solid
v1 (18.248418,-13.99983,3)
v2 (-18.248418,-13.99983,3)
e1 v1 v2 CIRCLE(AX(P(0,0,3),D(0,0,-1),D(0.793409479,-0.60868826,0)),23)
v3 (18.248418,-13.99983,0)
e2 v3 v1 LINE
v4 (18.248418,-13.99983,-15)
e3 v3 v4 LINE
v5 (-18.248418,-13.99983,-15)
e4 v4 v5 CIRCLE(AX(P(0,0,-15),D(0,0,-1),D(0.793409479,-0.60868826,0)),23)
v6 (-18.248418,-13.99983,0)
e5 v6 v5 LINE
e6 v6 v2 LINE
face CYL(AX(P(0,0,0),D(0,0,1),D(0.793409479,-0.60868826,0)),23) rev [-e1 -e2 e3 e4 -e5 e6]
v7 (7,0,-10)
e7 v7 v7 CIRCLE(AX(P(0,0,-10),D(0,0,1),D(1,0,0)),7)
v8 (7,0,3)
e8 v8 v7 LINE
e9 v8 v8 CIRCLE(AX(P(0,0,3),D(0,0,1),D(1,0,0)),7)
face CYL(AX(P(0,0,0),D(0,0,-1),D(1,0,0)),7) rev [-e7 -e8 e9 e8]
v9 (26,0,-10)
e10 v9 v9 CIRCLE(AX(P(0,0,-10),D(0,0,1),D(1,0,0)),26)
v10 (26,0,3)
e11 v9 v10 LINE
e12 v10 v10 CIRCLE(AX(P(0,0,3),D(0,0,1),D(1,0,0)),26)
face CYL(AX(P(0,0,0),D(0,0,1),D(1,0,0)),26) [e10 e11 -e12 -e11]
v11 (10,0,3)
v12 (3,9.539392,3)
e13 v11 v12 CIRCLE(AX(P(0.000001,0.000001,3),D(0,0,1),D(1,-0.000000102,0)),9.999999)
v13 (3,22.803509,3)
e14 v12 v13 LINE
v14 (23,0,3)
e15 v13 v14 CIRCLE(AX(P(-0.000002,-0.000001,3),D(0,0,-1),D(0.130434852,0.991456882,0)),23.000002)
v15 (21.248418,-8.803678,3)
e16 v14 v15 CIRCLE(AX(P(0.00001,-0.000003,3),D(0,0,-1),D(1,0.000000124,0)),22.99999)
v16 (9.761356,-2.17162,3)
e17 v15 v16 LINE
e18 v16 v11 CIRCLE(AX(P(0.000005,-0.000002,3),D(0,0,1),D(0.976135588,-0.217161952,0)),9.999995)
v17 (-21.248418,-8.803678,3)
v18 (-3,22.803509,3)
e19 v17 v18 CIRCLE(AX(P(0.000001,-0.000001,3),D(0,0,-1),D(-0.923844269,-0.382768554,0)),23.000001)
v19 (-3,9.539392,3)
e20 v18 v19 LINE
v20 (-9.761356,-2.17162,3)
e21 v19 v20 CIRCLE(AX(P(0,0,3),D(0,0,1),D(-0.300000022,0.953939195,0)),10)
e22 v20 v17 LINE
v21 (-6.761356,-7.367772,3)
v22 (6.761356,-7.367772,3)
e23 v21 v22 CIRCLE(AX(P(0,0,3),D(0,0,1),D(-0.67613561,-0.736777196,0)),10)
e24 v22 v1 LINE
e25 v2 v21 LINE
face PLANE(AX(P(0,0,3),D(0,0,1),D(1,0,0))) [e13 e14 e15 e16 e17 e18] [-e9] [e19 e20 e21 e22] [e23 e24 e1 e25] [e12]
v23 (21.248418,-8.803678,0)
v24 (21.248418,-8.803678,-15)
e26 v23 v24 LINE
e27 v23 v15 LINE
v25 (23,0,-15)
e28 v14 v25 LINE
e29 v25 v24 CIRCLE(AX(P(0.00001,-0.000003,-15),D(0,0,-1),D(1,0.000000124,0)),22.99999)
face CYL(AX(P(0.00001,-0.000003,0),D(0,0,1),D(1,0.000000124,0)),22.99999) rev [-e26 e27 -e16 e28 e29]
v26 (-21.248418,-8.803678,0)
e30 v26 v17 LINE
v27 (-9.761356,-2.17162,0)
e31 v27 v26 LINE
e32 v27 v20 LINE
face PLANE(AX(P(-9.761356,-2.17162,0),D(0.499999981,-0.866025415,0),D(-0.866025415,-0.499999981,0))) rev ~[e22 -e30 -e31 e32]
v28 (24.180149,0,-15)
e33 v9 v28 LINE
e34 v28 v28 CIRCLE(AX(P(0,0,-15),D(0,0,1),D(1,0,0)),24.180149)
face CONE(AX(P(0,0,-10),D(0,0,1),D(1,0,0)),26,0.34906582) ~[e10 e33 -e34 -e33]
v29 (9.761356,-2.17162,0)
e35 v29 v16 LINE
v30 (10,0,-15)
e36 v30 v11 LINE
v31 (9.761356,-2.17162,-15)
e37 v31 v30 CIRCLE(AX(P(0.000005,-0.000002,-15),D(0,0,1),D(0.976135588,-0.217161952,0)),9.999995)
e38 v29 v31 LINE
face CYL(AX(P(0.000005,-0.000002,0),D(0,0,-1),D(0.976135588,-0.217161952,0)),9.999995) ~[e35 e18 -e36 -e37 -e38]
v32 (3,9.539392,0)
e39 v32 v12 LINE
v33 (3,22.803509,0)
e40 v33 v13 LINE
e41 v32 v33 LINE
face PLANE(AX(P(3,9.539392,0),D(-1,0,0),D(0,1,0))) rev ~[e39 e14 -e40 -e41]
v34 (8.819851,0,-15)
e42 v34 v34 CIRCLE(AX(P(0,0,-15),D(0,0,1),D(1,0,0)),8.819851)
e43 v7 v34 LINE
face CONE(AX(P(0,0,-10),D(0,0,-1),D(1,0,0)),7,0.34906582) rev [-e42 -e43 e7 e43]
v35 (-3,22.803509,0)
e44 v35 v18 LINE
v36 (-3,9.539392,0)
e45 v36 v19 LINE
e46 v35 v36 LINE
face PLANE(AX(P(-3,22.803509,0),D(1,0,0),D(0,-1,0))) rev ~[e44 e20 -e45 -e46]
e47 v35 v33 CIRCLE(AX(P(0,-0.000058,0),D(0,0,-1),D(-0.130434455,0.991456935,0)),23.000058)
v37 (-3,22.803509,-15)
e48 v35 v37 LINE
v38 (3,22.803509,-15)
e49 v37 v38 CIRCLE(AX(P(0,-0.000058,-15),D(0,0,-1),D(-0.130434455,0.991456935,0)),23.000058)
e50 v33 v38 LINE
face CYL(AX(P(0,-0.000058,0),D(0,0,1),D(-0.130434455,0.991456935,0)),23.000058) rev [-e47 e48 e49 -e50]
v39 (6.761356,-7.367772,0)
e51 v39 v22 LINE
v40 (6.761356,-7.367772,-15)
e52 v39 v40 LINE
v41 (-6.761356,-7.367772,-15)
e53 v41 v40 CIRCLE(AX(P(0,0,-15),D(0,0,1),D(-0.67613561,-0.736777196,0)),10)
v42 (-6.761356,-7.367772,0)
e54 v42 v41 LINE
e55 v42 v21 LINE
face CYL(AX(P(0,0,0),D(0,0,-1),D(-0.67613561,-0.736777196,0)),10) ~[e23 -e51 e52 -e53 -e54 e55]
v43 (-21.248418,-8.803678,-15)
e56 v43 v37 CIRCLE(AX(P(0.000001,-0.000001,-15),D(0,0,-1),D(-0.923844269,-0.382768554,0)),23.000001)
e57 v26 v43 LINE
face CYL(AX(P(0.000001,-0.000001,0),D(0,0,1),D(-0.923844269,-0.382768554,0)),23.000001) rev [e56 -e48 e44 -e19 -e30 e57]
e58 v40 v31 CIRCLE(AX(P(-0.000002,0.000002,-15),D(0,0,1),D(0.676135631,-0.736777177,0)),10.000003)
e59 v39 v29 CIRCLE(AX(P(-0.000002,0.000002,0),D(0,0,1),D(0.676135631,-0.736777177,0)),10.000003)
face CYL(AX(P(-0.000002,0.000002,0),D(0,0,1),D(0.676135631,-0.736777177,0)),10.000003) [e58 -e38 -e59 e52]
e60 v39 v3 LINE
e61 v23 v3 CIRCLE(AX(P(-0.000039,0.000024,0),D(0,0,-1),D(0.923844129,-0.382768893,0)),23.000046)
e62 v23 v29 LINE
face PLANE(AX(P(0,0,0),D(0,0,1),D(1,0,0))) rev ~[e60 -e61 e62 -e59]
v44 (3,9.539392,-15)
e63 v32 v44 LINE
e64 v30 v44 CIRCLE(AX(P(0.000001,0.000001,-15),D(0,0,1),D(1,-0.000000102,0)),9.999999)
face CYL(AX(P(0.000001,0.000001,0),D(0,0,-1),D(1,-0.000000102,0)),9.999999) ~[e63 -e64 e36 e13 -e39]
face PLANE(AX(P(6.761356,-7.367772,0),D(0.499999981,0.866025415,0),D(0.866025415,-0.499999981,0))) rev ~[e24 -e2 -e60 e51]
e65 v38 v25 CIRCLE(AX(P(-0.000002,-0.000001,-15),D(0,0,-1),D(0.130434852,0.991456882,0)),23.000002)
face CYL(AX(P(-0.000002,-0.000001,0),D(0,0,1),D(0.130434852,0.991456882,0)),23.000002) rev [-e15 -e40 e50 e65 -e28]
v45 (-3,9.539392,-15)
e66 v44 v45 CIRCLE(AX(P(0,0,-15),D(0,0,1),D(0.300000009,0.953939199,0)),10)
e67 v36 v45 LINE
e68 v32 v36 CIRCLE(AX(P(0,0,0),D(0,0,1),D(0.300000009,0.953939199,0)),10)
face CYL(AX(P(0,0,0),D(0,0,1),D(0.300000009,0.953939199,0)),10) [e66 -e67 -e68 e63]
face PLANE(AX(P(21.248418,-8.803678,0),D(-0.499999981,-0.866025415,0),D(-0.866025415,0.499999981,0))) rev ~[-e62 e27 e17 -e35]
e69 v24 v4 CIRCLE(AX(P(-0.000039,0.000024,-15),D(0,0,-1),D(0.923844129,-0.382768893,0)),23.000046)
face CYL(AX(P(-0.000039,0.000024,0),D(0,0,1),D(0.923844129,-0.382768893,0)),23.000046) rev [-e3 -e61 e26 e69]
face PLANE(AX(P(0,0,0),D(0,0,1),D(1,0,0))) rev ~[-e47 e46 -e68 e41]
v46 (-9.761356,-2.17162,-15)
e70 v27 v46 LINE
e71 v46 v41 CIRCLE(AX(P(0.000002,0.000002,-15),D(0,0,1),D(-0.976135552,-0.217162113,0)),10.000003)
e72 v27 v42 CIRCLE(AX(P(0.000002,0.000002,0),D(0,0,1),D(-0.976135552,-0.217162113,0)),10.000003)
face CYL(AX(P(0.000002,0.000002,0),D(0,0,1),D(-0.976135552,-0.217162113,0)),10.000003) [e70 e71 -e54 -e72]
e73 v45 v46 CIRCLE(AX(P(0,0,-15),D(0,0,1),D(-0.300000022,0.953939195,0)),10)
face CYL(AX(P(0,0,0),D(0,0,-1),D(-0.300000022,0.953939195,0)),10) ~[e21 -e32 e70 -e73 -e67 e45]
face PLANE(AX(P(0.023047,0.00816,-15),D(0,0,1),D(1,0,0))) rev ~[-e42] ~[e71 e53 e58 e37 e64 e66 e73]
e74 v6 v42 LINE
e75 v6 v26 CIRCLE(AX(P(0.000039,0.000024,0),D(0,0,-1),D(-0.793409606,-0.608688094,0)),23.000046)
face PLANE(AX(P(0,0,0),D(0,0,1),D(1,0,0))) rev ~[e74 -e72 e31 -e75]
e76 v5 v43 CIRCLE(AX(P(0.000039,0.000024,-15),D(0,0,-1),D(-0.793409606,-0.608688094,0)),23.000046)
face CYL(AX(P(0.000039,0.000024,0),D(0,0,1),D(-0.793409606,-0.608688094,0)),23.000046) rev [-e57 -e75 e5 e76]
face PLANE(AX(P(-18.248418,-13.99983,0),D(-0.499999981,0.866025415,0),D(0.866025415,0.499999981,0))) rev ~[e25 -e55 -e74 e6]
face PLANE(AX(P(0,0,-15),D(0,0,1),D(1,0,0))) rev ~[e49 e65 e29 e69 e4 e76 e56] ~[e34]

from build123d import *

# Parameters (mm, degrees)
F0_R     = 26
F0_R_2   = 7
F1_DEPTH = 3
F2_DEPTH = 15
F3_SIZE2 = 1.819851
F3_SIZE  = 5
F4_SIZE2 = 1.819851
F4_SIZE  = 5


with BuildPart() as f1:
    # F0 (on Top) → F1 (new body)
    with BuildSketch(Plane.XY):
        Circle(F0_R)
        with BuildLine():
            ThreePointArc((3, 22.803509), (17.291616, 15.165751), (23, 0))
            ThreePointArc((23, 0), (22.557855, -4.488117), (21.248418, -8.803678))
            ThreePointArc((21.248418, -8.803678), (19.918584, -11.5), (18.248418, -13.99983))
            ThreePointArc((18.248418, -13.99983), (0, -23), (-18.248418, -13.99983))
            ThreePointArc((-18.248418, -13.99983), (-19.918584, -11.5), (-21.248418, -8.803678))
            ThreePointArc((-21.248418, -8.803678), (-19.918584, 11.5), (-3, 22.803509))
            ThreePointArc((-3, 22.803509), (0, 23), (3, 22.803509))
        make_face(mode=Mode.SUBTRACT)
        with BuildLine():
            Line((-9.761356, -2.17162), (-21.248418, -8.803678))
            ThreePointArc((-21.248418, -8.803678), (-19.918584, -11.5), (-18.248418, -13.99983))
            Line((-18.248418, -13.99983), (-6.761356, -7.367772))
            ThreePointArc((-6.761356, -7.367772), (-8.660254, -5), (-9.761356, -2.17162))
        make_face()
        with BuildLine():
            ThreePointArc((10, 0), (8.062258, 5.91608), (3, 9.539392))
            ThreePointArc((3, 9.539392), (0, 10), (-3, 9.539392))
            ThreePointArc((-3, 9.539392), (-8.660254, 5), (-9.761356, -2.17162))
            ThreePointArc((-9.761356, -2.17162), (-8.660254, -5), (-6.761356, -7.367772))
            ThreePointArc((-6.761356, -7.367772), (0, -10), (6.761356, -7.367772))
            ThreePointArc((6.761356, -7.367772), (8.660254, -5), (9.761356, -2.17162))
            ThreePointArc((9.761356, -2.17162), (9.94016, -1.092347), (10, 0))
        make_face()
        Circle(F0_R_2, mode=Mode.SUBTRACT)
        with BuildLine():
            Line((3, 9.539392), (3, 22.803509))
            ThreePointArc((3, 22.803509), (0, 23), (-3, 22.803509))
            Line((-3, 22.803509), (-3, 9.539392))
            ThreePointArc((-3, 9.539392), (0, 10), (3, 9.539392))
        make_face()
        with BuildLine():
            ThreePointArc((18.248418, -13.99983), (19.918584, -11.5), (21.248418, -8.803678))
            Line((21.248418, -8.803678), (9.761356, -2.17162))
            ThreePointArc((9.761356, -2.17162), (8.660254, -5), (6.761356, -7.367772))
            Line((6.761356, -7.367772), (18.248418, -13.99983))
        make_face()
    extrude(amount=F1_DEPTH)

    # F0 (on Top) → F2 (join)
    with BuildSketch(Plane.XY):
        Circle(F0_R)
        with BuildLine():
            ThreePointArc((3, 22.803509), (17.291616, 15.165751), (23, 0))
            ThreePointArc((23, 0), (22.557855, -4.488117), (21.248418, -8.803678))
            ThreePointArc((21.248418, -8.803678), (19.918584, -11.5), (18.248418, -13.99983))
            ThreePointArc((18.248418, -13.99983), (0, -23), (-18.248418, -13.99983))
            ThreePointArc((-18.248418, -13.99983), (-19.918584, -11.5), (-21.248418, -8.803678))
            ThreePointArc((-21.248418, -8.803678), (-19.918584, 11.5), (-3, 22.803509))
            ThreePointArc((-3, 22.803509), (0, 23), (3, 22.803509))
        make_face(mode=Mode.SUBTRACT)
        with BuildLine():
            ThreePointArc((10, 0), (8.062258, 5.91608), (3, 9.539392))
            ThreePointArc((3, 9.539392), (0, 10), (-3, 9.539392))
            ThreePointArc((-3, 9.539392), (-8.660254, 5), (-9.761356, -2.17162))
            ThreePointArc((-9.761356, -2.17162), (-8.660254, -5), (-6.761356, -7.367772))
            ThreePointArc((-6.761356, -7.367772), (0, -10), (6.761356, -7.367772))
            ThreePointArc((6.761356, -7.367772), (8.660254, -5), (9.761356, -2.17162))
            ThreePointArc((9.761356, -2.17162), (9.94016, -1.092347), (10, 0))
        make_face()
        Circle(F0_R_2, mode=Mode.SUBTRACT)
    extrude(amount=-F2_DEPTH)

    # F3
    f3_edges = [f1.edges().sort_by_distance(p)[0] for p in [
        (-26, 0, -15),
    ]]
    chamfer(f3_edges, length=F3_SIZE, length2=F3_SIZE2)

    # F4
    f4_edges = [f1.edges().sort_by_distance(p)[0] for p in [
        (-7, 0, -15),
    ]]
    chamfer(f4_edges, length=F4_SIZE, length2=F4_SIZE2)


solid = f1.part
